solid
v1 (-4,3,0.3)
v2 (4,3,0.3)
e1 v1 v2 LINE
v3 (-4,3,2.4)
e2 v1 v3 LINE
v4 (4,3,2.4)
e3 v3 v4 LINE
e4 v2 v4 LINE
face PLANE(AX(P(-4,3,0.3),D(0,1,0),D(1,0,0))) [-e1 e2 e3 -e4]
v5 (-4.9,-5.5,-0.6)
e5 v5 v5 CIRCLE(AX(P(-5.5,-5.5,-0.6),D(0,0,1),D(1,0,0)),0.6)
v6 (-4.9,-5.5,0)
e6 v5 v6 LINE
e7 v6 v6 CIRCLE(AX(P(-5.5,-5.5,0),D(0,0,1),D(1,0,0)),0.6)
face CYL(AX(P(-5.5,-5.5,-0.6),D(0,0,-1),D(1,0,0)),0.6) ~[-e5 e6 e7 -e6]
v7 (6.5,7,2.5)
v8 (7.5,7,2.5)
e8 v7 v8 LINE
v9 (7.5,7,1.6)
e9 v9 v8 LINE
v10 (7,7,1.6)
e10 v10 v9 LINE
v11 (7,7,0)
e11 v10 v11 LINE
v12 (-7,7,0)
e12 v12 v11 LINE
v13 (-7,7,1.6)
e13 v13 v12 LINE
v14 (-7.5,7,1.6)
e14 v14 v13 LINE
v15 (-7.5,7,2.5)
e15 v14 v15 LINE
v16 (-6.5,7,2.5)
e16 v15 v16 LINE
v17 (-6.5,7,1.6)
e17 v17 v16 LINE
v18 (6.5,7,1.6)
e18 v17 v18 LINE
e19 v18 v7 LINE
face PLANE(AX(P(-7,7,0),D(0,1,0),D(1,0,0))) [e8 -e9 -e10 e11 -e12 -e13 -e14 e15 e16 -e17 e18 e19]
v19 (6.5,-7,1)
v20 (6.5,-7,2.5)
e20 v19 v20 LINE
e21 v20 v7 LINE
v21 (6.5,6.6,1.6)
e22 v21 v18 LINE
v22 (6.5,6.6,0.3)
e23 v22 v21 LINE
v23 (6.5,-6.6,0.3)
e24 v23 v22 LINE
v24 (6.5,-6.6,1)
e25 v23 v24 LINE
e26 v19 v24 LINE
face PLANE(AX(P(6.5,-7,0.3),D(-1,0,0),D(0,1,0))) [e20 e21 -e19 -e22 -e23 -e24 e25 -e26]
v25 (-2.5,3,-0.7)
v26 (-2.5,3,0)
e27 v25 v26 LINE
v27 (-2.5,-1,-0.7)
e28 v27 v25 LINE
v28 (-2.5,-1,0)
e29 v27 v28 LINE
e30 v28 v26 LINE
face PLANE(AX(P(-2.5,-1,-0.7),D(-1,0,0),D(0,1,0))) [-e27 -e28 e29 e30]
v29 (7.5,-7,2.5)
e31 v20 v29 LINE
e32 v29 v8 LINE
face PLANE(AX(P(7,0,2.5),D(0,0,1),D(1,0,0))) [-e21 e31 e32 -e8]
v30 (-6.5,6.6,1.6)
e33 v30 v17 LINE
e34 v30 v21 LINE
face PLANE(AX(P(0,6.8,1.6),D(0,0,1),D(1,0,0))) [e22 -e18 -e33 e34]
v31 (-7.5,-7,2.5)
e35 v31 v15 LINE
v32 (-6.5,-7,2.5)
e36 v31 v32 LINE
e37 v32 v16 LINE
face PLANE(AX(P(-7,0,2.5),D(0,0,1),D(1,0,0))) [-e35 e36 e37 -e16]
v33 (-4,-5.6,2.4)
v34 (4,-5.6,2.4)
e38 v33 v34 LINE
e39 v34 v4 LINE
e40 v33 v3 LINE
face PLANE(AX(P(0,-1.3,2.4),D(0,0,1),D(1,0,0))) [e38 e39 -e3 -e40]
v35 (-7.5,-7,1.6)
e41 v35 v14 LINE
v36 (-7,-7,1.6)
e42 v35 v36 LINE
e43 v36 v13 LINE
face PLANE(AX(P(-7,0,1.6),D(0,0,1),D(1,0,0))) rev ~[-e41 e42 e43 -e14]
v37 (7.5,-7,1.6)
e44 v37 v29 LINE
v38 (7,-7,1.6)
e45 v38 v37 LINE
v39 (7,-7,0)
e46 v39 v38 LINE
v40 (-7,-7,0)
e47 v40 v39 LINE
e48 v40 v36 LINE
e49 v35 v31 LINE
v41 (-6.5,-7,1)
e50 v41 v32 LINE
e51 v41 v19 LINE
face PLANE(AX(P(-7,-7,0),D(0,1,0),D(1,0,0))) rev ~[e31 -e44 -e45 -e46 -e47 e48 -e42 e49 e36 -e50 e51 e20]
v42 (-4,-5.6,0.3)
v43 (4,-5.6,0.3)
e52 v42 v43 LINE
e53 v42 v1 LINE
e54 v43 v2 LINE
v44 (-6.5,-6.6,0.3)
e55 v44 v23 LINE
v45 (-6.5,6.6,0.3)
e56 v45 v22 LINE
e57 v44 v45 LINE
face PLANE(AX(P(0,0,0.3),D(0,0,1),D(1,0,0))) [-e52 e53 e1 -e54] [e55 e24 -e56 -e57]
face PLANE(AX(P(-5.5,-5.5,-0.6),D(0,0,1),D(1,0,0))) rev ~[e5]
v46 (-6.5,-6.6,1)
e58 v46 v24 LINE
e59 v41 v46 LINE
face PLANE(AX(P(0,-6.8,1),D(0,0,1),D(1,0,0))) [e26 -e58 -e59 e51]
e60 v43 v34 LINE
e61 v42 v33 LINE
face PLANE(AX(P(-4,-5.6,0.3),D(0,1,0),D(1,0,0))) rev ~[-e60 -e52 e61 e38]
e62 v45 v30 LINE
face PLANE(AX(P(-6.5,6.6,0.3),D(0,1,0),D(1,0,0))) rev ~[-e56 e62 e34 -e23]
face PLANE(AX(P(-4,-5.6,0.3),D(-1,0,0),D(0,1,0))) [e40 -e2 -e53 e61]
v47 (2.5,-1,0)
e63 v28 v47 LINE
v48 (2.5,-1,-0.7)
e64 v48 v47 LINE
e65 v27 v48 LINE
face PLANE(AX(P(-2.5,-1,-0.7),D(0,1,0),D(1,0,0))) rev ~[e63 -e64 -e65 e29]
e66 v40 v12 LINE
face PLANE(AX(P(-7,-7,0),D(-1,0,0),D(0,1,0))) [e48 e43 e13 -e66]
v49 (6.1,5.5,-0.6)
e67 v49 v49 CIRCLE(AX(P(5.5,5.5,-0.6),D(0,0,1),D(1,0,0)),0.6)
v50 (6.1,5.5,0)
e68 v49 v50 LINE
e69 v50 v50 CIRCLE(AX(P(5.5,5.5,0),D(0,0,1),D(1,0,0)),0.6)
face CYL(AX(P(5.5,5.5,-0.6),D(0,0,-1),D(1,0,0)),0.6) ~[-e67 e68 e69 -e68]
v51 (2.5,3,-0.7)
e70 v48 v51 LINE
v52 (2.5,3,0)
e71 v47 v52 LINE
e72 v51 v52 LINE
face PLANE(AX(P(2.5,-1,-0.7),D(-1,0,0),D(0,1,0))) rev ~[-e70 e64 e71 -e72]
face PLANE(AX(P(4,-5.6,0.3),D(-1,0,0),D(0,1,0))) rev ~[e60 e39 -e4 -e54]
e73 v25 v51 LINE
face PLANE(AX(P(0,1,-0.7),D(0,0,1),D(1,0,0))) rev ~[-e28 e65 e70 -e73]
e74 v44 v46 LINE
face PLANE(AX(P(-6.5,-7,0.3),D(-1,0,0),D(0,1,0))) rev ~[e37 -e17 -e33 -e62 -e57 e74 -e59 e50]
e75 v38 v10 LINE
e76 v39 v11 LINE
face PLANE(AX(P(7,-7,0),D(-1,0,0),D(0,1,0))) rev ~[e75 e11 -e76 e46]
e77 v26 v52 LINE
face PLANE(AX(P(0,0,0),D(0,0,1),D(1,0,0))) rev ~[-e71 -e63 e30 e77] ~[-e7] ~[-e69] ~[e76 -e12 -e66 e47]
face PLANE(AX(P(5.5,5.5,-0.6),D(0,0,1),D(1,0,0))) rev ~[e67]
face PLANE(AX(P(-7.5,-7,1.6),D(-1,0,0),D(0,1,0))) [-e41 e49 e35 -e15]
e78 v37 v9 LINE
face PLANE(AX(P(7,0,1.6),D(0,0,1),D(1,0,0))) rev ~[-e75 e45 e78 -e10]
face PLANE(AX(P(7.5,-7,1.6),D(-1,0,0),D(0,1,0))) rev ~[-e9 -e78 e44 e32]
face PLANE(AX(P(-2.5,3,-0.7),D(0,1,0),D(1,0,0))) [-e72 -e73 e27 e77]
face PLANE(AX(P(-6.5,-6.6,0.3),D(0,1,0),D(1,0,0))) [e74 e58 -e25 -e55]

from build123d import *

# Parameters (mm, degrees)
BOX046_W          = 13
BOX046_H          = 0.4
BOX046_DEPTH      = 0.7
BOX045_W          = 13
BOX045_H          = 0.4
BOX045_DEPTH      = 1.3
BOX044_W          = 1
BOX044_H          = 14
BOX044_DEPTH      = 0.9
BOX043_W          = 1
BOX043_H          = 14
BOX043_DEPTH      = 0.9
BOX042_W          = 0.5
BOX042_H          = 14
BOX042_DEPTH      = 1.3
BOX041_W          = 0.5
BOX041_H          = 14
BOX041_DEPTH      = 1.3
BOX040_W          = 14
BOX040_H          = 14
BOX040_DEPTH      = 0.3
CYLINDER011_R     = 0.6
CYLINDER011_DEPTH = 0.6
CYLINDER012_R     = 0.6
CYLINDER012_DEPTH = 0.6
BOX055_W          = 8
BOX055_H          = 8.6
BOX055_DEPTH      = 2.1
BOX047_W          = 5
BOX047_H          = 4
BOX047_DEPTH      = 0.7


with BuildPart() as pg1425_front:
    # Box046 → Box046 (new body)
    with BuildSketch(Plane(origin=(-6.5, -7, 0.3), x_dir=(1, 0, 0), z_dir=(0, 0, 1))):
        with Locations((6.5, 0.2)):
            Rectangle(BOX046_W, BOX046_H)
    extrude(amount=BOX046_DEPTH)


with BuildPart() as pg1425_back:
    # Box045 → Box045 (new body)
    with BuildSketch(Plane(origin=(-6.5, 6.6, 0.3), x_dir=(1, 0, 0), z_dir=(0, 0, 1))):
        with Locations((6.5, 0.2)):
            Rectangle(BOX045_W, BOX045_H)
    extrude(amount=BOX045_DEPTH)


with BuildPart() as pg1425_right002:
    # Box044 → Box044 (new body)
    with BuildSketch(Plane(origin=(6.5, -7, 1.6), x_dir=(1, 0, 0), z_dir=(0, 0, 1))):
        with Locations((0.5, 7)):
            Rectangle(BOX044_W, BOX044_H)
    extrude(amount=BOX044_DEPTH)


with BuildPart() as pg1425_left002:
    # Box043 → Box043 (new body)
    with BuildSketch(Plane(origin=(-7.5, -7, 1.6), x_dir=(1, 0, 0), z_dir=(0, 0, 1))):
        with Locations((0.5, 7)):
            Rectangle(BOX043_W, BOX043_H)
    extrude(amount=BOX043_DEPTH)


with BuildPart() as pg1425_right001:
    # Box042 → Box042 (new body)
    with BuildSketch(Plane(origin=(6.5, -7, 0.3), x_dir=(1, 0, 0), z_dir=(0, 0, 1))):
        with Locations((0.25, 7)):
            Rectangle(BOX042_W, BOX042_H)
    extrude(amount=BOX042_DEPTH)


with BuildPart() as pg1425_left001:
    # Box041 → Box041 (new body)
    with BuildSketch(Plane(origin=(-7, -7, 0.3), x_dir=(1, 0, 0), z_dir=(0, 0, 1))):
        with Locations((0.25, 7)):
            Rectangle(BOX041_W, BOX041_H)
    extrude(amount=BOX041_DEPTH)


with BuildPart() as pg1425_bottombase:
    # Box040 → Box040 (new body)
    with BuildSketch(Plane(origin=(-7, -7, 0), x_dir=(1, 0, 0), z_dir=(0, 0, 1))):
        with Locations((7, 7)):
            Rectangle(BOX040_W, BOX040_H)
    extrude(amount=BOX040_DEPTH)


with BuildPart() as pg1425_leg1:
    # Cylinder011 → Cylinder011 (new body)
    with BuildSketch(Plane(origin=(-5.5, -5.5, -0.6), x_dir=(1, 0, 0), z_dir=(0, 0, 1))):
        Circle(CYLINDER011_R)
    extrude(amount=CYLINDER011_DEPTH)


with BuildPart() as pg1425_leg2:
    # Cylinder012 → Cylinder012 (new body)
    with BuildSketch(Plane(origin=(5.5, 5.5, -0.6), x_dir=(1, 0, 0), z_dir=(0, 0, 1))):
        Circle(CYLINDER012_R)
    extrude(amount=CYLINDER012_DEPTH)


with BuildPart() as pg1425_topstem:
    # Box055 → Box055 (new body)
    with BuildSketch(Plane(origin=(-4, -5.6, 0.3), x_dir=(1, 0, 0), z_dir=(0, 0, 1))):
        with Locations((4, 4.3)):
            Rectangle(BOX055_W, BOX055_H)
    extrude(amount=BOX055_DEPTH)


with BuildPart() as pg1425_bottom:
    # Box047 → Box047 (new body)
    with BuildSketch(Plane(origin=(-2.5, -1, -0.7), x_dir=(1, 0, 0), z_dir=(0, 0, 1))):
        with Locations((2.5, 2)):
            Rectangle(BOX047_W, BOX047_H)
    extrude(amount=BOX047_DEPTH)

    # Fusion011: union PG1425_Front, PG1425_Back, PG1425_Right002, PG1425_Left002, PG1425_Right001, PG1425_Left001, PG1425_BottomBase, PG1425_Leg1, PG1425_Leg2, PG1425_TopStem
    add(pg1425_front.part)
    add(pg1425_back.part)
    add(pg1425_right002.part)
    add(pg1425_left002.part)
    add(pg1425_right001.part)
    add(pg1425_left001.part)
    add(pg1425_bottombase.part)
    add(pg1425_leg1.part)
    add(pg1425_leg2.part)
    add(pg1425_topstem.part)


solid = pg1425_bottom.part
